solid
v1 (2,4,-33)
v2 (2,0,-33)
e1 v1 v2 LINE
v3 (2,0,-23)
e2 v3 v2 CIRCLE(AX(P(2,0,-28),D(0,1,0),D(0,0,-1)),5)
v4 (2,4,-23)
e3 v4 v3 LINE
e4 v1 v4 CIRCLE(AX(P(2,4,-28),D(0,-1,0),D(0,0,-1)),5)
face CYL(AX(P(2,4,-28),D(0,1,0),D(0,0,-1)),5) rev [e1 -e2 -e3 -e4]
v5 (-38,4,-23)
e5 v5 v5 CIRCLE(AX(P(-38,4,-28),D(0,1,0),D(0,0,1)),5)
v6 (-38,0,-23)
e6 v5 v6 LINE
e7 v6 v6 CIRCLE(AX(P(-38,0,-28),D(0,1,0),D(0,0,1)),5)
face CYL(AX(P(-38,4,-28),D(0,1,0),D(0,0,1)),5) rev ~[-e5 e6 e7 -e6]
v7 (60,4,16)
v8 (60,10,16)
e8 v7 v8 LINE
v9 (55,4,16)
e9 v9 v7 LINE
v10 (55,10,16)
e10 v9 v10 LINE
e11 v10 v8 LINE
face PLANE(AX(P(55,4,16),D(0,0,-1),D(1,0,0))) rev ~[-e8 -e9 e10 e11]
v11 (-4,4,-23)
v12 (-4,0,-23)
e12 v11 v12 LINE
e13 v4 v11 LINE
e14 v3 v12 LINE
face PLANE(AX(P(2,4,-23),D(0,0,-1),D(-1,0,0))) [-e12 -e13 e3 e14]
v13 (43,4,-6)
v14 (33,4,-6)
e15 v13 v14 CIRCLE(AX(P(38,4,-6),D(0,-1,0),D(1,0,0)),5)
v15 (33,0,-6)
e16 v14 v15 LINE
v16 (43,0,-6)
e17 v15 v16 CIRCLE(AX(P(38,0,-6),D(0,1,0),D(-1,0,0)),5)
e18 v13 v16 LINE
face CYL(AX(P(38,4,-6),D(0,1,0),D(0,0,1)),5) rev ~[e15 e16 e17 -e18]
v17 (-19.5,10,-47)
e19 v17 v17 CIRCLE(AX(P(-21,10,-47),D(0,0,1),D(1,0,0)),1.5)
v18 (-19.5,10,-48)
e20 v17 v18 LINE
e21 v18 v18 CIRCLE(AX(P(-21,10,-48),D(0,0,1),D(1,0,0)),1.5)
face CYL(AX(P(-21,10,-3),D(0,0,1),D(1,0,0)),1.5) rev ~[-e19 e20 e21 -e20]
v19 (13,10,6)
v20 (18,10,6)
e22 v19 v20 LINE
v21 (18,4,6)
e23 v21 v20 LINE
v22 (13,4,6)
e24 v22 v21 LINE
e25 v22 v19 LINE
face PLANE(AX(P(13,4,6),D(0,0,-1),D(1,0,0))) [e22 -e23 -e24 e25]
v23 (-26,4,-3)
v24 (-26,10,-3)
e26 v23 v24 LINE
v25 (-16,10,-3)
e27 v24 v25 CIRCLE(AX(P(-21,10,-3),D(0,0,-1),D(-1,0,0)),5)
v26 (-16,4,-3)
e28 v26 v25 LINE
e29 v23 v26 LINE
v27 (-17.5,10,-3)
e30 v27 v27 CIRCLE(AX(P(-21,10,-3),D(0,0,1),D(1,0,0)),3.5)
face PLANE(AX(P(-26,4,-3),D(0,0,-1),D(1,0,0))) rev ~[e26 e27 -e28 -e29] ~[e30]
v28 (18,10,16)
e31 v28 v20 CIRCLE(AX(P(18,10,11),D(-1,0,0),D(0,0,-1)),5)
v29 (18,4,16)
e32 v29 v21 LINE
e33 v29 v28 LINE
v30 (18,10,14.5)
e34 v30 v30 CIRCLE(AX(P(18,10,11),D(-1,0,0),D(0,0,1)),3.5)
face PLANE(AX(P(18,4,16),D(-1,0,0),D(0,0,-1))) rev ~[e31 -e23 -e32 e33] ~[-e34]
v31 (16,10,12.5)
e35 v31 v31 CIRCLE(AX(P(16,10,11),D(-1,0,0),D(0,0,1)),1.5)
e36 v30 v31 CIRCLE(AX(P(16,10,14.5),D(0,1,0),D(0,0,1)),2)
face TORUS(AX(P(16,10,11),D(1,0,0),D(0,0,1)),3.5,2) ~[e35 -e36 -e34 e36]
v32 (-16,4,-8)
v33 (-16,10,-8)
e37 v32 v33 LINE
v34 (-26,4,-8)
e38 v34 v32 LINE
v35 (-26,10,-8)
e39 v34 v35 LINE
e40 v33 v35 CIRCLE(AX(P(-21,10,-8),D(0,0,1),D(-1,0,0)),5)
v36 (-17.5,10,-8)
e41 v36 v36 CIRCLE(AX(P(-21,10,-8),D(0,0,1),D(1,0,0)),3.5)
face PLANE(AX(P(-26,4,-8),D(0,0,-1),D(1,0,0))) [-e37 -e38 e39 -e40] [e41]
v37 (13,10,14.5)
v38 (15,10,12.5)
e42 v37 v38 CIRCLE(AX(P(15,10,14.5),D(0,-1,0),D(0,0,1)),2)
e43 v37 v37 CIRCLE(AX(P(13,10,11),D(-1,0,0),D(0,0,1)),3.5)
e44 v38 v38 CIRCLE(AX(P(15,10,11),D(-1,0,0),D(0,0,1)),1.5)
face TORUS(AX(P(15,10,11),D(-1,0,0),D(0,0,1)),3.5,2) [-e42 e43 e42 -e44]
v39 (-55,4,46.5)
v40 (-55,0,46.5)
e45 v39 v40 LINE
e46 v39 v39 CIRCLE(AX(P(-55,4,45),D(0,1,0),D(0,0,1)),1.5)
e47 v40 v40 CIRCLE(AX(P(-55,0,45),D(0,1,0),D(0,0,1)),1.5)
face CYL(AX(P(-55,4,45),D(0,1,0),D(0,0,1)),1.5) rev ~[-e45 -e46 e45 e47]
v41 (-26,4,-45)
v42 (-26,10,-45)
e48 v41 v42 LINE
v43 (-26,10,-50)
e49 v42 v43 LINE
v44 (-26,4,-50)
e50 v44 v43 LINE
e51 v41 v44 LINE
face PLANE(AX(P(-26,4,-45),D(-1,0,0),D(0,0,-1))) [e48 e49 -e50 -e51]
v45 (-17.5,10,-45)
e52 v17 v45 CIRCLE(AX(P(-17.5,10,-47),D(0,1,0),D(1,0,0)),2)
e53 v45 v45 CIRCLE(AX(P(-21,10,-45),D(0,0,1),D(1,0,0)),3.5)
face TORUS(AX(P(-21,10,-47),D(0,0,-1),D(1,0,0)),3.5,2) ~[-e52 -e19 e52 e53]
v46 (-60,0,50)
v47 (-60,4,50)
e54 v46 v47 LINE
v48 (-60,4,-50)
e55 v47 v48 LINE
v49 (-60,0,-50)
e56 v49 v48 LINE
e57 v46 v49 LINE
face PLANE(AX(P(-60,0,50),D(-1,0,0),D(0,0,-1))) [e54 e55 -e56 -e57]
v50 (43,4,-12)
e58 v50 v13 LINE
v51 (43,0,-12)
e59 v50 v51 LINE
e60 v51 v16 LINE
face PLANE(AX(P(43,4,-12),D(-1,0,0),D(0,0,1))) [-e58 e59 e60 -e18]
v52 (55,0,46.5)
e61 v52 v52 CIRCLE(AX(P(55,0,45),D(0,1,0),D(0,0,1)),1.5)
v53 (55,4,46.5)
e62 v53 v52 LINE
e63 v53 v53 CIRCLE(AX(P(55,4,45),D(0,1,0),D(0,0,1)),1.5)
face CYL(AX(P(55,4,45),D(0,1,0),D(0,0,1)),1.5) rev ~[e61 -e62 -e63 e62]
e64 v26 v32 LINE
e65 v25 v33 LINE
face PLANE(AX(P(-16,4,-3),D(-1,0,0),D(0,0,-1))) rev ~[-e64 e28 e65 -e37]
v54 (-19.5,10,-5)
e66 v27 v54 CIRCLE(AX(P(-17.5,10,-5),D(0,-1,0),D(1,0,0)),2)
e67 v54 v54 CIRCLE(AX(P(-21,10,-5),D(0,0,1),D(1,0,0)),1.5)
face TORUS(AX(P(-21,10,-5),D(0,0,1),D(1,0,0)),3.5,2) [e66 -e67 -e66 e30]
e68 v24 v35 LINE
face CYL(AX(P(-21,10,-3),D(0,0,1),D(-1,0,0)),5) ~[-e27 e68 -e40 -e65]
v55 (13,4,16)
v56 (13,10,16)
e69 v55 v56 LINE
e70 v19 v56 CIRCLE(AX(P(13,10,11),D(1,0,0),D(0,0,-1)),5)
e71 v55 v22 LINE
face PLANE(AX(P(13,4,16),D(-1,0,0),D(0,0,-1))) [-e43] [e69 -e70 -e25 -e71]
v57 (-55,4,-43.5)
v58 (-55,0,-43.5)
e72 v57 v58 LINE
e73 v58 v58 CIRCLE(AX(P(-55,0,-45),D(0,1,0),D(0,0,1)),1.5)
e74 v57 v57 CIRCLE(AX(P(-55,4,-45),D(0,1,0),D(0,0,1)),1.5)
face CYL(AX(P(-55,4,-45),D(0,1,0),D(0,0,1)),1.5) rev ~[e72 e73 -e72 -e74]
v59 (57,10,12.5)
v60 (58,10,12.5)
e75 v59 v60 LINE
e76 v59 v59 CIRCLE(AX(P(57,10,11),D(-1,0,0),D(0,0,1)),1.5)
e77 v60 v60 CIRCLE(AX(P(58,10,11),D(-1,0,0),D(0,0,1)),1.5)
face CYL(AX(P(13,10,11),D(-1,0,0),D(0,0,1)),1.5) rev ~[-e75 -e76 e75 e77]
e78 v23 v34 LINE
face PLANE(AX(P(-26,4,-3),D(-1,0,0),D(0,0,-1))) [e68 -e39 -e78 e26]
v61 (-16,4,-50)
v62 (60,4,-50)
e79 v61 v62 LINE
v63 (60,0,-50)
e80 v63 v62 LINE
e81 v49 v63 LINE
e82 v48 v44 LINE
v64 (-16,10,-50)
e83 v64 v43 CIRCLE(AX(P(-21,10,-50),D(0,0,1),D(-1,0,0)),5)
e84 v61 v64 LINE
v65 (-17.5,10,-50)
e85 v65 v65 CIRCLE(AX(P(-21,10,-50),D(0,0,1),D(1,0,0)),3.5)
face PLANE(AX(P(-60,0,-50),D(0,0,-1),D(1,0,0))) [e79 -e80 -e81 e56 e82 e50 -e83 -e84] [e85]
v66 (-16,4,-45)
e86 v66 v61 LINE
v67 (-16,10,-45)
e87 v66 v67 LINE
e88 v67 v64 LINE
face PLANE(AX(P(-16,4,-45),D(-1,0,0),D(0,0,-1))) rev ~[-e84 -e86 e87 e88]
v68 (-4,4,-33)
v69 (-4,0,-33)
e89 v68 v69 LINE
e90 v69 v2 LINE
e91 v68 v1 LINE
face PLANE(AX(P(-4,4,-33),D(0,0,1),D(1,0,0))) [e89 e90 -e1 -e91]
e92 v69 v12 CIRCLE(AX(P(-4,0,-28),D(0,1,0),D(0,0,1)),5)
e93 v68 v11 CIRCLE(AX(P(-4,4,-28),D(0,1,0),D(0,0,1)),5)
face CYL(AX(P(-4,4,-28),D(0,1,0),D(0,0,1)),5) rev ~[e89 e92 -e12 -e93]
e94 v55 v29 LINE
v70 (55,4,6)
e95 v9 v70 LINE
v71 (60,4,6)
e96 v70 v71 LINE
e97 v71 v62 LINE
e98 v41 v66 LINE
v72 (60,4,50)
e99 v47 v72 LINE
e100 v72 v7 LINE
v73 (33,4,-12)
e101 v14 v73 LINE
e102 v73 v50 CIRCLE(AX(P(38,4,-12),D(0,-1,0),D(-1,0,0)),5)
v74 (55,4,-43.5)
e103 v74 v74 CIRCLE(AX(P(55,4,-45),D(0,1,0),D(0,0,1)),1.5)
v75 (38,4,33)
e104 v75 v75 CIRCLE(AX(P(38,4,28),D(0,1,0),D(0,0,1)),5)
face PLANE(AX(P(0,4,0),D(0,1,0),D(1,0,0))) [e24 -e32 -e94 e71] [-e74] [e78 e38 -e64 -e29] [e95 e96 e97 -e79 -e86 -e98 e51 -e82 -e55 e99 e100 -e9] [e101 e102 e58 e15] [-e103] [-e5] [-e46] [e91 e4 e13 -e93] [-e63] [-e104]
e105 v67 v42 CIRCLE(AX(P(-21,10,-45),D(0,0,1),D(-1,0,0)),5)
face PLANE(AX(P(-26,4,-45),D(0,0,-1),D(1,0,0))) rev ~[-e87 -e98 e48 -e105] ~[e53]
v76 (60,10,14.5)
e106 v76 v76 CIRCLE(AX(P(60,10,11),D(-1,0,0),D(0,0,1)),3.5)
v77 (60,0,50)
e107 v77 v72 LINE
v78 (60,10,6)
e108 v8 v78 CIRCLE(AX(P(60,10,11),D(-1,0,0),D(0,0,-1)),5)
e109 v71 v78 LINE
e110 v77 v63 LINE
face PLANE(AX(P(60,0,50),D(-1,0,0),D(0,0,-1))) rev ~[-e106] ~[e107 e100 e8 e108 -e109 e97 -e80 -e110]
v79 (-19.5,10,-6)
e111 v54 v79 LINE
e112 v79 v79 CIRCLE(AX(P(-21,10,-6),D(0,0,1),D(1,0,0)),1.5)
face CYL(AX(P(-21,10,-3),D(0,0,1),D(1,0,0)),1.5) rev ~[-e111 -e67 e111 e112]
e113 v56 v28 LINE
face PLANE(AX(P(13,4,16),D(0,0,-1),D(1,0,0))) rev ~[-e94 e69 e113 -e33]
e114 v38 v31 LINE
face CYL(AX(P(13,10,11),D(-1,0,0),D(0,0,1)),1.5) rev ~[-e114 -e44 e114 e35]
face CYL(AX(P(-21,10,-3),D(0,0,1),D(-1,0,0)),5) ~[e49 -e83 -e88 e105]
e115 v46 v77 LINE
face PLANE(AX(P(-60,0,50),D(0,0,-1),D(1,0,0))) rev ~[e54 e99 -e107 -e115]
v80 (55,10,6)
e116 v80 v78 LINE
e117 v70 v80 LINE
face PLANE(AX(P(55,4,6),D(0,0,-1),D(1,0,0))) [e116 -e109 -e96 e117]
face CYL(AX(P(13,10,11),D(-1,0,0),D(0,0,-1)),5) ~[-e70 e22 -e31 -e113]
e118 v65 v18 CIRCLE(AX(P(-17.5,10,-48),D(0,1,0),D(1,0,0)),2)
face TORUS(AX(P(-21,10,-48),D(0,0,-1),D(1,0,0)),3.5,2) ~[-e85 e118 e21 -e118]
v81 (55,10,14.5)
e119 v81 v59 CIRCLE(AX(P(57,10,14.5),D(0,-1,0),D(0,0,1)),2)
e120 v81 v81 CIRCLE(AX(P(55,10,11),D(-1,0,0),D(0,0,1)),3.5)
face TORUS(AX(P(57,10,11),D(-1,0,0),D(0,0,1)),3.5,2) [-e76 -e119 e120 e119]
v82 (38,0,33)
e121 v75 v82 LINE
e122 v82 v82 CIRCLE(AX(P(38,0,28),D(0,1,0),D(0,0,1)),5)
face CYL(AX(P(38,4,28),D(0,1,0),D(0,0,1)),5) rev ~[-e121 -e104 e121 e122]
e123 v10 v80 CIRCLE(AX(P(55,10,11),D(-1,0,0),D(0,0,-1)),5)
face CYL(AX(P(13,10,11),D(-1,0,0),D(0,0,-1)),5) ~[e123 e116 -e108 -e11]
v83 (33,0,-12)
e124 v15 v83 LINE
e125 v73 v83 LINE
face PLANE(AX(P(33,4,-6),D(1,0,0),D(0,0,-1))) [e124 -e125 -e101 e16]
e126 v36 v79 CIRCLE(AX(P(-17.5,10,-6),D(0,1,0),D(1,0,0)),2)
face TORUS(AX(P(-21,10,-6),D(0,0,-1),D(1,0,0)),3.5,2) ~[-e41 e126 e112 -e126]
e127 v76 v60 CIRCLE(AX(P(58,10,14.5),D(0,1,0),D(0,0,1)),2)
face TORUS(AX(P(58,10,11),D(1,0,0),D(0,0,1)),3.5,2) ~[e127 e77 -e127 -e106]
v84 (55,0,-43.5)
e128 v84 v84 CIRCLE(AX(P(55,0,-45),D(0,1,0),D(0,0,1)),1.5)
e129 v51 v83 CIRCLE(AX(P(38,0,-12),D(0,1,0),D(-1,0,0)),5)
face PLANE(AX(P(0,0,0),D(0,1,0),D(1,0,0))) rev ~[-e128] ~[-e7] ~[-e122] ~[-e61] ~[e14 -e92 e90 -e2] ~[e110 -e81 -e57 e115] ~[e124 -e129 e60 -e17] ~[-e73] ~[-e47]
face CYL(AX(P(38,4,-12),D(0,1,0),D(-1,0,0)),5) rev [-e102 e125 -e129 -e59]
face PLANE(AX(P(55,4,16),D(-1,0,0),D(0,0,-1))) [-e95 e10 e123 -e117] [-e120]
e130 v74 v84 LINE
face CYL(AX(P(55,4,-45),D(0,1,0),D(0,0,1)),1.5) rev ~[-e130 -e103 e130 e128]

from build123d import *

# Parameters (mm, degrees)
SKETCH2_W           = 120
SKETCH2_H           = 100
BOSS_EXTRUDE1_DEPTH = 4
SKETCH3_R           = 1.5
CUT_EXTRUDE1_DEPTH  = 5
SKETCH4_R           = 5
CUT_EXTRUDE2_DEPTH  = 5
CUT_EXTRUDE3_DEPTH  = 10
SKETCH6_W           = 10
SKETCH6_H           = 5
SKETCH6_W_2         = 5
SKETCH6_H_2         = 10
BOSS_EXTRUDE2_DEPTH = 15
SKETCH7_R           = 1.5
CUT_EXTRUDE4_DEPTH  = 83.280009723
SKETCH8_R           = 1.5
CUT_EXTRUDE5_DEPTH  = 99.28021164
FILLET1_R           = 2


with BuildPart() as part:
    # Sketch2 → Boss-Extrude1 (new body)
    with BuildSketch(Plane(origin=(0, 0, 0), x_dir=(1, 0, 0), z_dir=(0, 1, 0))):
        Rectangle(SKETCH2_W, SKETCH2_H)
    extrude(amount=BOSS_EXTRUDE1_DEPTH)

    # Sketch3 → Cut-Extrude1 (cut)
    with BuildSketch(Plane(origin=(0, 4, 0), x_dir=(1, 0, 0), z_dir=(0, 1, 0))):
        with Locations(Location((-55, 45, 0), (0, 0, 270))):
            Circle(SKETCH3_R)
        with Locations(Location((55, 45, 0), (0, 0, 270))):
            Circle(SKETCH3_R)
        with Locations(Location((55, -45, 0), (0, 0, 270))):
            Circle(SKETCH3_R)
        with Locations(Location((-55, -45, 0), (0, 0, 270))):
            Circle(SKETCH3_R)
    extrude(amount=-CUT_EXTRUDE1_DEPTH, mode=Mode.SUBTRACT)

    # Sketch4 → Cut-Extrude2 (cut)
    with BuildSketch(Plane(origin=(0, 4, 0), x_dir=(1, 0, 0), z_dir=(0, 1, 0))):
        with Locations(Location((-38, 28, 0), (0, 0, 270))):
            Circle(SKETCH4_R)
        with Locations(Location((-4, 28, 0), (0, 0, 270))):
            Circle(SKETCH4_R)
        with Locations(Location((38, 6, 0), (0, 0, 270))):
            Circle(SKETCH4_R)
        with Locations(Location((38, -28, 0), (0, 0, 270))):
            Circle(SKETCH4_R)
    extrude(amount=-CUT_EXTRUDE2_DEPTH, mode=Mode.SUBTRACT)

    # Sketch5 → Cut-Extrude3 (cut)
    with BuildSketch(Plane(origin=(0, 4, 0), x_dir=(1, 0, 0), z_dir=(0, 1, 0))):
        with BuildLine():
            Line((-4, 33), (2, 33))
            ThreePointArc((2, 33), (7, 28), (2, 23))
            Line((2, 23), (-4, 23))
            ThreePointArc((-4, 23), (-9, 28), (-4, 33))
        make_face()
        with BuildLine():
            Line((33, 6), (33, 12))
            ThreePointArc((33, 12), (38, 17), (43, 12))
            Line((43, 12), (43, 6))
            ThreePointArc((43, 6), (38, 1), (33, 6))
        make_face()
    extrude(amount=-CUT_EXTRUDE3_DEPTH, mode=Mode.SUBTRACT)

    # Sketch6 → Boss-Extrude2 (add)
    with BuildSketch(Plane(origin=(0, 4, 0), x_dir=(1, 0, 0), z_dir=(0, 1, 0))):
        with Locations((-21, 5.5)):
            Rectangle(SKETCH6_W, SKETCH6_H)
        with Locations((57.5, -11)):
            Rectangle(SKETCH6_W_2, SKETCH6_H_2)
        with Locations((-21, 47.5)):
            Rectangle(SKETCH6_W, SKETCH6_H)
        with Locations((15.5, -11)):
            Rectangle(SKETCH6_W_2, SKETCH6_H_2)
    extrude(amount=BOSS_EXTRUDE2_DEPTH)

    # Sketch7 → Cut-Extrude4 (cut, through all)
    with BuildSketch(Plane.XY.offset(-3)):
        with Locations((-21, 10)):
            Circle(SKETCH7_R)
        with BuildLine():
            Line((-16, 10), (-16, 19))
            Line((-16, 19), (-26, 19))
            Line((-26, 19), (-26, 10))
            ThreePointArc((-26, 10), (-21, 15), (-16, 10))
        make_face()
    extrude(amount=-CUT_EXTRUDE4_DEPTH, mode=Mode.SUBTRACT)

    # Sketch8 → Cut-Extrude5 (cut, through all)
    with BuildSketch(Plane(origin=(13, 0, -13), x_dir=(0, 0, 1), z_dir=(-1, 0, 0))):
        with Locations((24, 10)):
            Circle(SKETCH8_R)
        with BuildLine():
            Line((29, 10), (29, 19))
            Line((29, 19), (19, 19))
            Line((19, 19), (19, 10))
            ThreePointArc((19, 10), (24, 15), (29, 10))
        make_face()
    extrude(amount=-CUT_EXTRUDE5_DEPTH, mode=Mode.SUBTRACT)

    # Fillet1
    fillet1_edges = [part.edges().sort_by_distance(p)[0] for p in [
        (-22.5, 10, -8),
        (-22.5, 10, -50),
        (-22.5, 10, -45),
        (-22.5, 10, -3),
        (60, 10, 9.5),
        (55, 10, 9.5),
        (18, 10, 9.5),
        (13, 10, 9.5),
    ]]
    fillet(fillet1_edges, radius=FILLET1_R)


solid = part.part
